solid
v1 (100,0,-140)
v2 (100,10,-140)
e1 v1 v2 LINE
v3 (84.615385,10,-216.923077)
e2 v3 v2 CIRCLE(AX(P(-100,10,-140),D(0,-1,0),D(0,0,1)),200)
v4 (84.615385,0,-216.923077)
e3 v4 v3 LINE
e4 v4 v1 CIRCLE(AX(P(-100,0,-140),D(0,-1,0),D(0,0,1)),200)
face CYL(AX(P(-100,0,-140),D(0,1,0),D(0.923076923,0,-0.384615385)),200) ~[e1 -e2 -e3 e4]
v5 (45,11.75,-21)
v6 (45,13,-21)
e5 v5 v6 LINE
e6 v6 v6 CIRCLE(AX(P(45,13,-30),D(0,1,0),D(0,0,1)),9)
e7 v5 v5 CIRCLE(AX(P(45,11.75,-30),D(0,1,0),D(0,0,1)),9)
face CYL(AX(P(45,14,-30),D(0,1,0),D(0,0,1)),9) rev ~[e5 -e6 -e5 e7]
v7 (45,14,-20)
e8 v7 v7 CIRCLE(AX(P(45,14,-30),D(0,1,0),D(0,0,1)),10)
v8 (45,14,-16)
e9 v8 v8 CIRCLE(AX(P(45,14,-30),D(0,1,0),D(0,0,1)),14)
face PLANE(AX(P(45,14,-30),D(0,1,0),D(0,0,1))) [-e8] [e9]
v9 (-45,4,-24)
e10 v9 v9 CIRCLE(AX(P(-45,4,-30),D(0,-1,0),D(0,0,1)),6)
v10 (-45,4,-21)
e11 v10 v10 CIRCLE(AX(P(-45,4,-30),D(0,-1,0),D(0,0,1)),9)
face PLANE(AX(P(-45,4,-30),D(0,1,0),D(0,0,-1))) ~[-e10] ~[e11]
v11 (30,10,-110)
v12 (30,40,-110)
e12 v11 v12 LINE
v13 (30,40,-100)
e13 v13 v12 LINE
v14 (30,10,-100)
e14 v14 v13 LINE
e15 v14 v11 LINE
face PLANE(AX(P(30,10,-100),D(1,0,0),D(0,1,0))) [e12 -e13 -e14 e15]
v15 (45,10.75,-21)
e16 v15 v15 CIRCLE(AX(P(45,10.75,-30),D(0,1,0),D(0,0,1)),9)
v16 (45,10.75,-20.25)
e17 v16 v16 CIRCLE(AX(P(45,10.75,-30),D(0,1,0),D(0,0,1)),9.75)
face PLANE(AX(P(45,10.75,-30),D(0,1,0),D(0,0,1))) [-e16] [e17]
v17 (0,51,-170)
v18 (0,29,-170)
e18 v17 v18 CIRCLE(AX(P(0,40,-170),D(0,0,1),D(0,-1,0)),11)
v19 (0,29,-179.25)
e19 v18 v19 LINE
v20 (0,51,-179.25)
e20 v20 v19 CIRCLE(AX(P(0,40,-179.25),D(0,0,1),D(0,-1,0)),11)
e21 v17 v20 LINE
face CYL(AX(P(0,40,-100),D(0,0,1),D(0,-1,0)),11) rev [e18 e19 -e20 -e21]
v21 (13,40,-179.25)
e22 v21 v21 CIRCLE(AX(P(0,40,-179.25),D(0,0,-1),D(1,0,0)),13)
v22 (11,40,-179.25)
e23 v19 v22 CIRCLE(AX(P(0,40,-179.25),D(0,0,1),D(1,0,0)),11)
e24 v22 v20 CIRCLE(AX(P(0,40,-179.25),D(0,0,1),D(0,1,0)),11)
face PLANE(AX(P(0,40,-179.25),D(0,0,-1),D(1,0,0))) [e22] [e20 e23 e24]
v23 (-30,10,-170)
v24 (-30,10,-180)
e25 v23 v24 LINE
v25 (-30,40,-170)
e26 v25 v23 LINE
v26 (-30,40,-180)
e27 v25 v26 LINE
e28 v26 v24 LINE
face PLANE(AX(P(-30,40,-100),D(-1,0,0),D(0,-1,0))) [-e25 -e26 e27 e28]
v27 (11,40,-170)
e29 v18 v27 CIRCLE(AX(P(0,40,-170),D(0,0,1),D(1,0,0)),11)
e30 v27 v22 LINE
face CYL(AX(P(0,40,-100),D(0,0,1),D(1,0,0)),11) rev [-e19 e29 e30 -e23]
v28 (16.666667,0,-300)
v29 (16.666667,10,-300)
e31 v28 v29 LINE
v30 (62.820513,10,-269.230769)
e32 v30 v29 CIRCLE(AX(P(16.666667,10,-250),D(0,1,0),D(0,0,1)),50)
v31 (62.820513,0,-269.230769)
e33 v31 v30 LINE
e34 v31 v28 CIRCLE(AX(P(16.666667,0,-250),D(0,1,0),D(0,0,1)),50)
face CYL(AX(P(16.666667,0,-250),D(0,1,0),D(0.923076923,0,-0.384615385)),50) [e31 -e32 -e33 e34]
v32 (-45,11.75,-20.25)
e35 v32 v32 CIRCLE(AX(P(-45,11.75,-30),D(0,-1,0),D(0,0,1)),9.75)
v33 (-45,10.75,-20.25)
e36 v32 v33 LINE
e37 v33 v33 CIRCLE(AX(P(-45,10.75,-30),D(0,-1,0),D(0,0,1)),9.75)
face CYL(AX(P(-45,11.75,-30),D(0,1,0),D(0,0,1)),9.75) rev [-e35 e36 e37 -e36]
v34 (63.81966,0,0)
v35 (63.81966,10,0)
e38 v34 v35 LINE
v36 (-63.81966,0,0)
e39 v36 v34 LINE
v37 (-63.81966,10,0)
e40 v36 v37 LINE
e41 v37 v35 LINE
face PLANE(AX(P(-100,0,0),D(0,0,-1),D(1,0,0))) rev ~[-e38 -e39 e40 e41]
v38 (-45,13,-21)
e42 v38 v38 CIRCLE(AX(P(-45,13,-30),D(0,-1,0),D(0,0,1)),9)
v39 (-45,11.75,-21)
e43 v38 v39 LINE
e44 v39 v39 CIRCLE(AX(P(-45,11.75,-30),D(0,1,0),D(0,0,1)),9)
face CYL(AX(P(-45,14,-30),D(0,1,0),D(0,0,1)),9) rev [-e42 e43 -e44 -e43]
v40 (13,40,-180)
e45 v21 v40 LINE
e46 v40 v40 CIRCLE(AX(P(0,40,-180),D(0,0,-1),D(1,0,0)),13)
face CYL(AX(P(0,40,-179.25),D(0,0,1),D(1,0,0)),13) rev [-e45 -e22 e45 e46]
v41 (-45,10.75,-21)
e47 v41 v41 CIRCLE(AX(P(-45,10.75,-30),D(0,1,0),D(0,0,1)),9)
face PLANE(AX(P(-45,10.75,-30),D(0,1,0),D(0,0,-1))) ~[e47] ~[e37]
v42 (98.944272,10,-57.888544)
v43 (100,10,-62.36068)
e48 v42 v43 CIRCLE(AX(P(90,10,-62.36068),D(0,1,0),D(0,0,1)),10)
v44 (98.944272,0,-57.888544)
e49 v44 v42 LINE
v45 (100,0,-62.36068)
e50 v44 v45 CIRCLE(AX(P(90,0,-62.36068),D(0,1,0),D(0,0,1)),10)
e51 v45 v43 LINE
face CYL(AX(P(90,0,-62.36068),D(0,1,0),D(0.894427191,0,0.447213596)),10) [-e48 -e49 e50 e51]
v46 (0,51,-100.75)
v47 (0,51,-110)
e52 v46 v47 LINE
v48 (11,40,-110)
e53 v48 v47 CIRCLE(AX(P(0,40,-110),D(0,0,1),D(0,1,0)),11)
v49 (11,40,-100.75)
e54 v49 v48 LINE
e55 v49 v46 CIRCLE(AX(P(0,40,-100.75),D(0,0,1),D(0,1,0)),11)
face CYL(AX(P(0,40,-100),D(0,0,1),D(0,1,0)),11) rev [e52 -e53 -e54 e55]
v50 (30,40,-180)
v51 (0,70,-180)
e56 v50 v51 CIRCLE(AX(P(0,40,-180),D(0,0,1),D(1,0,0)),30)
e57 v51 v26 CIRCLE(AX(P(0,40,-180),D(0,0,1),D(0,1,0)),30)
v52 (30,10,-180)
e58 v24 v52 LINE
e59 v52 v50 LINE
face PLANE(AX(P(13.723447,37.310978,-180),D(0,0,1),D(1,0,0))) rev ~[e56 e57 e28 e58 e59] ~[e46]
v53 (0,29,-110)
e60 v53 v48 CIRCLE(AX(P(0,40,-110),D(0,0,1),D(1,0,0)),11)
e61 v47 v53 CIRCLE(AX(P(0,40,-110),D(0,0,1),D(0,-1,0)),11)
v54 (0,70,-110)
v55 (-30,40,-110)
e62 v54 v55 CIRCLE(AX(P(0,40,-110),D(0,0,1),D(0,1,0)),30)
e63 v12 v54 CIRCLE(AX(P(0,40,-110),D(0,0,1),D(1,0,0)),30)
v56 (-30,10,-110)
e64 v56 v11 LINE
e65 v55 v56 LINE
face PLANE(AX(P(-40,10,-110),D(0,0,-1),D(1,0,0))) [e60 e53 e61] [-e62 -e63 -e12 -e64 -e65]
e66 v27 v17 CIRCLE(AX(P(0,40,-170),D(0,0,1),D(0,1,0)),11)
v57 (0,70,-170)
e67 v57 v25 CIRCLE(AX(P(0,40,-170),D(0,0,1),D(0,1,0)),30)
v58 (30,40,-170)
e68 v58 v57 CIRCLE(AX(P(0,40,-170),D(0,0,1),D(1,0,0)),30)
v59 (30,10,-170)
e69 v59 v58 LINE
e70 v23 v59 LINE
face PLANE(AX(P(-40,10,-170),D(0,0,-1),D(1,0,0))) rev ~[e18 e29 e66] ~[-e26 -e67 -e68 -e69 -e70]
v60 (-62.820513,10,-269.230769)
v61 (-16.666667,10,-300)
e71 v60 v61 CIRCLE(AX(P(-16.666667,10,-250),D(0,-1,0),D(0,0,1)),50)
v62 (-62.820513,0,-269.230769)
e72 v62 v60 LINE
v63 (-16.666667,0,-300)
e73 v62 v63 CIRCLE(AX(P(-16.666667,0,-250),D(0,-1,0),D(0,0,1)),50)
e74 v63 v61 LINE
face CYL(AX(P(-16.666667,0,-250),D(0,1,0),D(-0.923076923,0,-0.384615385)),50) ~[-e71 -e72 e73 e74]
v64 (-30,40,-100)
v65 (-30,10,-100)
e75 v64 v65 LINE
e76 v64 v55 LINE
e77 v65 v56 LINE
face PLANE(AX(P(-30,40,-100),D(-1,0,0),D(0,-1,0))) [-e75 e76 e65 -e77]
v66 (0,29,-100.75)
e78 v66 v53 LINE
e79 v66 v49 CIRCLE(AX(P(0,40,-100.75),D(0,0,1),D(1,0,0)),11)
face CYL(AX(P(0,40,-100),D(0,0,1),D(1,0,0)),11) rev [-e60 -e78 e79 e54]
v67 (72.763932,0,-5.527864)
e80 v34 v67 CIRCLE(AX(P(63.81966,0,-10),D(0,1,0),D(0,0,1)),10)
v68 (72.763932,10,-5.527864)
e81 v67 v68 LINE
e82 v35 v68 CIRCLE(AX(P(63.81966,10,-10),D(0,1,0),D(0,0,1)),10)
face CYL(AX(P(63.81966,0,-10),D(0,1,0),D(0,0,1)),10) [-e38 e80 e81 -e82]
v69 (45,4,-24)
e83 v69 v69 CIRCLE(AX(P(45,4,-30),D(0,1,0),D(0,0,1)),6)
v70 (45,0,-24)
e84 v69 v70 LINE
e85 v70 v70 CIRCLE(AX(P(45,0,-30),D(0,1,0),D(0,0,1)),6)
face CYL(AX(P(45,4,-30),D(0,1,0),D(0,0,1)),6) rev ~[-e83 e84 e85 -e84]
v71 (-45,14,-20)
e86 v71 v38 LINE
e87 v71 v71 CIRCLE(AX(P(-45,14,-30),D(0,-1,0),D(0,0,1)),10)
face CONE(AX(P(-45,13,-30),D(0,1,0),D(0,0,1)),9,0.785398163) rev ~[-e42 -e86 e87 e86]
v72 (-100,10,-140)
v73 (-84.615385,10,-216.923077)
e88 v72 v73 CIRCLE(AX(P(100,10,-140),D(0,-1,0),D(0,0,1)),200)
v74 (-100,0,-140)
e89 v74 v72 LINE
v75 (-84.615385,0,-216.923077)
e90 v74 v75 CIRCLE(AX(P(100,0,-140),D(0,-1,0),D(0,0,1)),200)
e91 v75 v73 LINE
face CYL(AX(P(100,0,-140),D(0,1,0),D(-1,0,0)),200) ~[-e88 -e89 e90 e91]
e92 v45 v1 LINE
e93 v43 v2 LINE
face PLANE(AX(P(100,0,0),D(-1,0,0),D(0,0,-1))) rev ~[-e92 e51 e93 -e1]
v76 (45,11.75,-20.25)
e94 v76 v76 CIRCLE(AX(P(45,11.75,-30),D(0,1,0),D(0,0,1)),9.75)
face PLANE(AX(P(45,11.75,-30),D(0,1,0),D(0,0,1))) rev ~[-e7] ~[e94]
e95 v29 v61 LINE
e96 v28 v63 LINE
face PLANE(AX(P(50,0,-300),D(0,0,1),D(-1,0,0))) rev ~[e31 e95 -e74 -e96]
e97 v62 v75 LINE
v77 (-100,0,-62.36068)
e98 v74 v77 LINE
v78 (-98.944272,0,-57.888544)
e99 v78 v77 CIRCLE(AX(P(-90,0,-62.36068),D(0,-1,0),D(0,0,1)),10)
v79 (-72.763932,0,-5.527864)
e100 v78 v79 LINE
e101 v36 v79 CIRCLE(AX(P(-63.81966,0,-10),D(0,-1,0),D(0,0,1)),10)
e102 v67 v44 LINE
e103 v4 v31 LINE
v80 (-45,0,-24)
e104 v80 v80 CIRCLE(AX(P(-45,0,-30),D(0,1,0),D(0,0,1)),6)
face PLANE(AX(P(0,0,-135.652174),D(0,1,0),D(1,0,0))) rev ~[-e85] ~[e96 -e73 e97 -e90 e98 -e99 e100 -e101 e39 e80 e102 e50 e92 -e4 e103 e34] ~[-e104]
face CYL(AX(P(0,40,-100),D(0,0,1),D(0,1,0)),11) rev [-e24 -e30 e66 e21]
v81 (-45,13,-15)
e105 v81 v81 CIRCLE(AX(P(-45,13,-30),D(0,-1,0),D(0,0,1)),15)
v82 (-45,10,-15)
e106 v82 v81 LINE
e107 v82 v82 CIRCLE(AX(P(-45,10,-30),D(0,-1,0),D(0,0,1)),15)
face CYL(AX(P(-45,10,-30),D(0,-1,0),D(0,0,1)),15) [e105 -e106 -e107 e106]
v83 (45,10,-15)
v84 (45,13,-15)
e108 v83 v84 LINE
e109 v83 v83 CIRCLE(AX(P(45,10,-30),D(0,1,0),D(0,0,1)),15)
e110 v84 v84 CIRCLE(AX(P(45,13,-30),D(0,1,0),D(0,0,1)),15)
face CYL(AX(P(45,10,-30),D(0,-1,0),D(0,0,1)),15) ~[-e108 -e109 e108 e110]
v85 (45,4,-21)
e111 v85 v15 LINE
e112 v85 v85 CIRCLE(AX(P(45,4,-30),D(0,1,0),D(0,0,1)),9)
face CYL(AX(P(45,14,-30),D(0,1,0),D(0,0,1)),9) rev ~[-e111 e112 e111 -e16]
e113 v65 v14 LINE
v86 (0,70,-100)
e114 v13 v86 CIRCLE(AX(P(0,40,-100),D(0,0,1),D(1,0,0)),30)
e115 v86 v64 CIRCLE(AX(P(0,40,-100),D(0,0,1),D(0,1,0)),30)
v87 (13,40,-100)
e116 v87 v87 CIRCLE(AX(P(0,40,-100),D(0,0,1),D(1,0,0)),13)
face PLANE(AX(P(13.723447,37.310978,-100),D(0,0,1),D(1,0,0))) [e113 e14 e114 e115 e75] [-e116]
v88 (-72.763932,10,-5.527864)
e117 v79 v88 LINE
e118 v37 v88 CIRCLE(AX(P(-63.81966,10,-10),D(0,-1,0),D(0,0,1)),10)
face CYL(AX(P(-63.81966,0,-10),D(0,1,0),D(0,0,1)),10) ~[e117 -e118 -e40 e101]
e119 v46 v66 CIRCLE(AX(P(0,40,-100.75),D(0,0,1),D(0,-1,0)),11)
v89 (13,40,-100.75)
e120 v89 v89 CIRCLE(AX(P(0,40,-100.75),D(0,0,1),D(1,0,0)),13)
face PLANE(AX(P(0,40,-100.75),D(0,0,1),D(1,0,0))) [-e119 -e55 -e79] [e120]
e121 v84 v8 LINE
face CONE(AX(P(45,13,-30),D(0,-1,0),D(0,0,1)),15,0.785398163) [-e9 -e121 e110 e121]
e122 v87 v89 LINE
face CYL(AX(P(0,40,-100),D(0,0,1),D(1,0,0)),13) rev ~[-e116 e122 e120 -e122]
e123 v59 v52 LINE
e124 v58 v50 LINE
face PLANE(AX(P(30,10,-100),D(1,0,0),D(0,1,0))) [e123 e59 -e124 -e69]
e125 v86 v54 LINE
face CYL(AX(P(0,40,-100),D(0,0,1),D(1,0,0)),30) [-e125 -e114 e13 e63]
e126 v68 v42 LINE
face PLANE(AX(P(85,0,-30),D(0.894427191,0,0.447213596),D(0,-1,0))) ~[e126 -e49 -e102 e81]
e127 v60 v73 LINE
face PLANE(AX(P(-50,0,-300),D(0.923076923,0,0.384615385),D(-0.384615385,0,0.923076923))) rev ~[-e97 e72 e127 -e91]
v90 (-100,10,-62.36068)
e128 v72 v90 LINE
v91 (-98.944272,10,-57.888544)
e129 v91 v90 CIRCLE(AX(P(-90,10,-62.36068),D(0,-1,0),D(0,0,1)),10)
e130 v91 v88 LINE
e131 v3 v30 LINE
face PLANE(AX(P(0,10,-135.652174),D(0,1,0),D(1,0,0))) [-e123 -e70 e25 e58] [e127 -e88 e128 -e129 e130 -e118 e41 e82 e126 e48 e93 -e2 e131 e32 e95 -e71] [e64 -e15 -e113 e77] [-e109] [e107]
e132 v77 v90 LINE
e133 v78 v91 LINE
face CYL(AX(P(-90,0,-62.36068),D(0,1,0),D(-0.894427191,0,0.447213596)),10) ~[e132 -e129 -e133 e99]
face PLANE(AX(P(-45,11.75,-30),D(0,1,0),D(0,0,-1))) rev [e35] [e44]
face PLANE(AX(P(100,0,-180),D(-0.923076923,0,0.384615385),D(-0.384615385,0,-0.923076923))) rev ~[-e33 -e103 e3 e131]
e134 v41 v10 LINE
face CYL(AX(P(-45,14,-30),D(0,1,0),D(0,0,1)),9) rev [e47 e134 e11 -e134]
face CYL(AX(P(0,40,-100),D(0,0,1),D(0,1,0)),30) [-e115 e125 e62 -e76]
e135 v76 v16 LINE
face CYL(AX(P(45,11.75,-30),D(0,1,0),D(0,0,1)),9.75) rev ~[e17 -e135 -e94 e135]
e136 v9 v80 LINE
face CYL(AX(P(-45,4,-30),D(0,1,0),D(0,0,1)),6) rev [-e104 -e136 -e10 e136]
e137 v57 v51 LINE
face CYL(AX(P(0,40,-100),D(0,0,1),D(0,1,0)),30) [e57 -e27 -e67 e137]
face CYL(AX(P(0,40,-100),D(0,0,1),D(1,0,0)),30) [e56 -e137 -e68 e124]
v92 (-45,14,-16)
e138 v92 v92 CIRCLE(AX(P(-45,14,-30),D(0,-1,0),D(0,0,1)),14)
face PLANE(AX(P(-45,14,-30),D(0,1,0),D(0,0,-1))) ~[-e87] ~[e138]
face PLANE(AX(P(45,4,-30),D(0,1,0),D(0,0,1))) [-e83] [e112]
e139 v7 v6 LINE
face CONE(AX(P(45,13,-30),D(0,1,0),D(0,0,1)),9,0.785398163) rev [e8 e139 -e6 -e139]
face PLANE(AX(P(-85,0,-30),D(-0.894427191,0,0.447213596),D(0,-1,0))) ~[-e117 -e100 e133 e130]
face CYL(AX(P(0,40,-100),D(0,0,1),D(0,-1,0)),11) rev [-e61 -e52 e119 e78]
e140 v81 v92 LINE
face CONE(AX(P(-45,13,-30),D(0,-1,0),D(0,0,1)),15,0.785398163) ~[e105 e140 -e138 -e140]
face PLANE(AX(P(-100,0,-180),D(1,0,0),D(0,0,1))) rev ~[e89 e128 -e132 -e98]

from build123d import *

# Parameters (mm, degrees)
EXTRUDE_1_DEPTH            = 10
EXTRUDE_START              = -100
EXTRUDE_3_DEPTH            = 80
SKETCH_5_W                 = 80
SKETCH_5_H                 = 60
CUT_EXTRUDE_2_DEPTH        = 110
FILLET_1_R                 = 50
FILLET_2_R                 = 200
SKETCH_7_R                 = 9
CUT_EXTRUDE_6_DEPTH        = 6
SKETCH_10_R                = 6
CUT_EXTRUDE_7_DEPTH        = 28
SKETCH_12_R                = 15
EXTRUDE_5_DEPTH            = 4
SKETCH_13_R                = 9
CUT_EXTRUDE_9_DEPTH        = 4
CUT_EXTRUDE_START          = -2.25
SKETCH_14_R                = 9.75
CUT_EXTRUDE_4141_DEPTH     = 1
CHAMFER_1_SIZE             = 1
CHAMFER_1_OF_MIRROR_1_SIZE = 1
SKETCH_16_R                = 13
CUT_EXTRUDE_10_DEPTH       = 0.75
CUT_EXTRUDE_START_2        = -0.75
SKETCH_17_R                = 13
CUT_EXTRUDE_11_DEPTH       = 0.75
CHAMFER_2_SIZE             = 30
CHAMFER_2_SIZE2            = 60
CHAMFER_3_SIZE             = 60
CHAMFER_3_SIZE2            = 30
FILLET_3_R                 = 10


with BuildPart() as part:
    # 草图1 → 凸台-拉伸1 (new body)
    with BuildSketch(Plane(origin=(0, 0, 0), x_dir=(1, 0, 0), z_dir=(0, 1, 0))):
        Polygon((-100, 0), (100, 0), (100, 180), (50, 300), (-50, 300), (-100, 180), align=None)
    extrude(amount=EXTRUDE_1_DEPTH)

    # 草图4 → 凸台-拉伸3 (add)
    with BuildSketch(Plane.XY.offset(EXTRUDE_START)):
        with BuildLine():
            Line((0, 29), (0, 10))
            Line((0, 10), (30, 10))
            Line((30, 10), (30, 40))
            ThreePointArc((30, 40), (21.213203436, 61.213203436), (0, 70))
            Line((0, 70), (0, 51))
            ThreePointArc((0, 51), (7.778174593, 47.778174593), (11, 40))
            ThreePointArc((11, 40), (7.778174593, 32.221825407), (0, 29))
        make_face()
        with BuildLine():
            Line((-30, 10), (0, 10))
            Line((0, 10), (0, 29))
            ThreePointArc((0, 29), (-11, 40), (0, 51))
            Line((0, 51), (0, 70))
            ThreePointArc((0, 70), (-21.213203436, 61.213203436), (-30, 40))
            Line((-30, 40), (-30, 10))
        make_face()
    extrude(amount=-EXTRUDE_3_DEPTH)

    # 草图5 → 切除-拉伸2 (cut)
    with BuildSketch(Plane(origin=(0, 10, 0), x_dir=(1, 0, 0), z_dir=(0, 1, 0))):
        with Locations((0, 140)):
            Rectangle(SKETCH_5_W, SKETCH_5_H)
    extrude(amount=CUT_EXTRUDE_2_DEPTH, mode=Mode.SUBTRACT)

    # 圆角1
    fillet_1_edges = [part.edges().sort_by_distance(p)[0] for p in [
        (-50, 5, -300),
        (50, 5, -300),
    ]]
    fillet(fillet_1_edges, radius=FILLET_1_R)

    # 圆角2
    fillet_2_edges = [part.edges().sort_by_distance(p)[0] for p in [
        (-100, 5, -180),
        (100, 5, -180),
    ]]
    fillet(fillet_2_edges, radius=FILLET_2_R)

    # 草图7 → 切除-拉伸6 (cut)
    with BuildSketch(Plane(origin=(0, 10, 0), x_dir=(1, 0, 0), z_dir=(0, 1, 0))):
        with Locations(Location((45, 30, 0), (0, 0, 270))):
            Circle(SKETCH_7_R)
    cut_extrude_6 = extrude(amount=-CUT_EXTRUDE_6_DEPTH, mode=Mode.SUBTRACT)

    # 草图10 → 切除-拉伸7 (cut)
    with BuildSketch(Plane(origin=(0, 4, 0), x_dir=(1, 0, 0), z_dir=(0, 1, 0))):
        with Locations(Location((45, 30, 0), (0, 0, 270))):
            Circle(SKETCH_10_R)
    cut_extrude_7 = extrude(amount=-CUT_EXTRUDE_7_DEPTH, mode=Mode.SUBTRACT)

    # 草图12 → 凸台-拉伸5 (add)
    with BuildSketch(Plane(origin=(0, 10, 0), x_dir=(1, 0, 0), z_dir=(0, 1, 0))):
        with Locations(Location((45, 30, 0), (0, 0, 270))):
            Circle(SKETCH_12_R)
    extrude_5 = extrude(amount=EXTRUDE_5_DEPTH)

    # 草图13 → 切除-拉伸9 (cut)
    with BuildSketch(Plane(origin=(0, 14, 0), x_dir=(1, 0, 0), z_dir=(0, 1, 0))):
        with Locations(Location((45, 30, 0), (0, 0, 270))):
            Circle(SKETCH_13_R)
    cut_extrude_9 = extrude(amount=-CUT_EXTRUDE_9_DEPTH, mode=Mode.SUBTRACT)

    # 草图14 → Cut-Extrude 4141 (cut)
    with BuildSketch(Plane(origin=(0, 14, 0), x_dir=(1, 0, 0), z_dir=(0, 1, 0)).offset(CUT_EXTRUDE_START)):
        with Locations(Location((45, 30, 0), (0, 0, 270))):
            Circle(SKETCH_14_R)
    cut_extrude_4141 = extrude(amount=-CUT_EXTRUDE_4141_DEPTH, mode=Mode.SUBTRACT)

    # 倒角1
    chamfer_1_edges = [part.edges().sort_by_distance(p)[0] for p in [
        (45, 14, -45),
        (45, 14, -39),
    ]]
    chamfer(chamfer_1_edges, length=CHAMFER_1_SIZE)

    # 镜向1: 切除-拉伸6, 切除-拉伸7, 凸台-拉伸5, 切除-拉伸9, Cut-Extrude 4141 across plane
    add(cut_extrude_6.mirror(Plane.ZY), mode=Mode.SUBTRACT)
    add(cut_extrude_7.mirror(Plane.ZY), mode=Mode.SUBTRACT)
    add(extrude_5.mirror(Plane.ZY))
    add(cut_extrude_9.mirror(Plane.ZY), mode=Mode.SUBTRACT)
    add(cut_extrude_4141.mirror(Plane.ZY), mode=Mode.SUBTRACT)

    # 倒角1 of 镜向1
    chamfer_1_of_mirror_1_edges = [part.edges().sort_by_distance(p)[0] for p in [
        (-45, 14, -45),
        (-45, 14, -39),
    ]]
    chamfer(chamfer_1_of_mirror_1_edges, length=CHAMFER_1_OF_MIRROR_1_SIZE)

    # 草图16 → 切除-拉伸10 (cut)
    with BuildSketch(Plane.XY.offset(-100)):
        with Locations((0, 40)):
            Circle(SKETCH_16_R)
    extrude(amount=-CUT_EXTRUDE_10_DEPTH, mode=Mode.SUBTRACT)

    # 草图17 → 切除-拉伸11 (cut)
    with BuildSketch(Plane(origin=(0, 0, -180), x_dir=(-1, 0, 0), z_dir=(0, 0, -1)).offset(CUT_EXTRUDE_START_2)):
        with Locations(Location((0, 40, 0), (0, 0, 180))):
            Circle(SKETCH_17_R)
    extrude(amount=CUT_EXTRUDE_11_DEPTH, mode=Mode.SUBTRACT)

    # 倒角2
    chamfer_2_edges = [part.edges().sort_by_distance(p)[0] for p in [
        (100, 5, 0),
    ]]
    chamfer_2_side = [part.faces().sort_by_distance(p)[0] for p in [
        (0, 5, 0),
    ]]
    chamfer(chamfer_2_edges, length=CHAMFER_2_SIZE, length2=CHAMFER_2_SIZE2, reference=chamfer_2_side[0])

    # 倒角3
    chamfer_3_edges = [part.edges().sort_by_distance(p)[0] for p in [
        (-100, 5, 0),
    ]]
    chamfer_3_side = [part.faces().sort_by_distance(p)[0] for p in [
        (-100, 5, -70),
    ]]
    chamfer(chamfer_3_edges, length=CHAMFER_3_SIZE, length2=CHAMFER_3_SIZE2, reference=chamfer_3_side[0])

    # 圆角3
    fillet_3_edges = [part.edges().sort_by_distance(p)[0] for p in [
        (100, 5, -60),
        (70, 5, 0),
        (-70, 5, 0),
        (-100, 5, -60),
    ]]
    fillet(fillet_3_edges, radius=FILLET_3_R)


solid = part.part
